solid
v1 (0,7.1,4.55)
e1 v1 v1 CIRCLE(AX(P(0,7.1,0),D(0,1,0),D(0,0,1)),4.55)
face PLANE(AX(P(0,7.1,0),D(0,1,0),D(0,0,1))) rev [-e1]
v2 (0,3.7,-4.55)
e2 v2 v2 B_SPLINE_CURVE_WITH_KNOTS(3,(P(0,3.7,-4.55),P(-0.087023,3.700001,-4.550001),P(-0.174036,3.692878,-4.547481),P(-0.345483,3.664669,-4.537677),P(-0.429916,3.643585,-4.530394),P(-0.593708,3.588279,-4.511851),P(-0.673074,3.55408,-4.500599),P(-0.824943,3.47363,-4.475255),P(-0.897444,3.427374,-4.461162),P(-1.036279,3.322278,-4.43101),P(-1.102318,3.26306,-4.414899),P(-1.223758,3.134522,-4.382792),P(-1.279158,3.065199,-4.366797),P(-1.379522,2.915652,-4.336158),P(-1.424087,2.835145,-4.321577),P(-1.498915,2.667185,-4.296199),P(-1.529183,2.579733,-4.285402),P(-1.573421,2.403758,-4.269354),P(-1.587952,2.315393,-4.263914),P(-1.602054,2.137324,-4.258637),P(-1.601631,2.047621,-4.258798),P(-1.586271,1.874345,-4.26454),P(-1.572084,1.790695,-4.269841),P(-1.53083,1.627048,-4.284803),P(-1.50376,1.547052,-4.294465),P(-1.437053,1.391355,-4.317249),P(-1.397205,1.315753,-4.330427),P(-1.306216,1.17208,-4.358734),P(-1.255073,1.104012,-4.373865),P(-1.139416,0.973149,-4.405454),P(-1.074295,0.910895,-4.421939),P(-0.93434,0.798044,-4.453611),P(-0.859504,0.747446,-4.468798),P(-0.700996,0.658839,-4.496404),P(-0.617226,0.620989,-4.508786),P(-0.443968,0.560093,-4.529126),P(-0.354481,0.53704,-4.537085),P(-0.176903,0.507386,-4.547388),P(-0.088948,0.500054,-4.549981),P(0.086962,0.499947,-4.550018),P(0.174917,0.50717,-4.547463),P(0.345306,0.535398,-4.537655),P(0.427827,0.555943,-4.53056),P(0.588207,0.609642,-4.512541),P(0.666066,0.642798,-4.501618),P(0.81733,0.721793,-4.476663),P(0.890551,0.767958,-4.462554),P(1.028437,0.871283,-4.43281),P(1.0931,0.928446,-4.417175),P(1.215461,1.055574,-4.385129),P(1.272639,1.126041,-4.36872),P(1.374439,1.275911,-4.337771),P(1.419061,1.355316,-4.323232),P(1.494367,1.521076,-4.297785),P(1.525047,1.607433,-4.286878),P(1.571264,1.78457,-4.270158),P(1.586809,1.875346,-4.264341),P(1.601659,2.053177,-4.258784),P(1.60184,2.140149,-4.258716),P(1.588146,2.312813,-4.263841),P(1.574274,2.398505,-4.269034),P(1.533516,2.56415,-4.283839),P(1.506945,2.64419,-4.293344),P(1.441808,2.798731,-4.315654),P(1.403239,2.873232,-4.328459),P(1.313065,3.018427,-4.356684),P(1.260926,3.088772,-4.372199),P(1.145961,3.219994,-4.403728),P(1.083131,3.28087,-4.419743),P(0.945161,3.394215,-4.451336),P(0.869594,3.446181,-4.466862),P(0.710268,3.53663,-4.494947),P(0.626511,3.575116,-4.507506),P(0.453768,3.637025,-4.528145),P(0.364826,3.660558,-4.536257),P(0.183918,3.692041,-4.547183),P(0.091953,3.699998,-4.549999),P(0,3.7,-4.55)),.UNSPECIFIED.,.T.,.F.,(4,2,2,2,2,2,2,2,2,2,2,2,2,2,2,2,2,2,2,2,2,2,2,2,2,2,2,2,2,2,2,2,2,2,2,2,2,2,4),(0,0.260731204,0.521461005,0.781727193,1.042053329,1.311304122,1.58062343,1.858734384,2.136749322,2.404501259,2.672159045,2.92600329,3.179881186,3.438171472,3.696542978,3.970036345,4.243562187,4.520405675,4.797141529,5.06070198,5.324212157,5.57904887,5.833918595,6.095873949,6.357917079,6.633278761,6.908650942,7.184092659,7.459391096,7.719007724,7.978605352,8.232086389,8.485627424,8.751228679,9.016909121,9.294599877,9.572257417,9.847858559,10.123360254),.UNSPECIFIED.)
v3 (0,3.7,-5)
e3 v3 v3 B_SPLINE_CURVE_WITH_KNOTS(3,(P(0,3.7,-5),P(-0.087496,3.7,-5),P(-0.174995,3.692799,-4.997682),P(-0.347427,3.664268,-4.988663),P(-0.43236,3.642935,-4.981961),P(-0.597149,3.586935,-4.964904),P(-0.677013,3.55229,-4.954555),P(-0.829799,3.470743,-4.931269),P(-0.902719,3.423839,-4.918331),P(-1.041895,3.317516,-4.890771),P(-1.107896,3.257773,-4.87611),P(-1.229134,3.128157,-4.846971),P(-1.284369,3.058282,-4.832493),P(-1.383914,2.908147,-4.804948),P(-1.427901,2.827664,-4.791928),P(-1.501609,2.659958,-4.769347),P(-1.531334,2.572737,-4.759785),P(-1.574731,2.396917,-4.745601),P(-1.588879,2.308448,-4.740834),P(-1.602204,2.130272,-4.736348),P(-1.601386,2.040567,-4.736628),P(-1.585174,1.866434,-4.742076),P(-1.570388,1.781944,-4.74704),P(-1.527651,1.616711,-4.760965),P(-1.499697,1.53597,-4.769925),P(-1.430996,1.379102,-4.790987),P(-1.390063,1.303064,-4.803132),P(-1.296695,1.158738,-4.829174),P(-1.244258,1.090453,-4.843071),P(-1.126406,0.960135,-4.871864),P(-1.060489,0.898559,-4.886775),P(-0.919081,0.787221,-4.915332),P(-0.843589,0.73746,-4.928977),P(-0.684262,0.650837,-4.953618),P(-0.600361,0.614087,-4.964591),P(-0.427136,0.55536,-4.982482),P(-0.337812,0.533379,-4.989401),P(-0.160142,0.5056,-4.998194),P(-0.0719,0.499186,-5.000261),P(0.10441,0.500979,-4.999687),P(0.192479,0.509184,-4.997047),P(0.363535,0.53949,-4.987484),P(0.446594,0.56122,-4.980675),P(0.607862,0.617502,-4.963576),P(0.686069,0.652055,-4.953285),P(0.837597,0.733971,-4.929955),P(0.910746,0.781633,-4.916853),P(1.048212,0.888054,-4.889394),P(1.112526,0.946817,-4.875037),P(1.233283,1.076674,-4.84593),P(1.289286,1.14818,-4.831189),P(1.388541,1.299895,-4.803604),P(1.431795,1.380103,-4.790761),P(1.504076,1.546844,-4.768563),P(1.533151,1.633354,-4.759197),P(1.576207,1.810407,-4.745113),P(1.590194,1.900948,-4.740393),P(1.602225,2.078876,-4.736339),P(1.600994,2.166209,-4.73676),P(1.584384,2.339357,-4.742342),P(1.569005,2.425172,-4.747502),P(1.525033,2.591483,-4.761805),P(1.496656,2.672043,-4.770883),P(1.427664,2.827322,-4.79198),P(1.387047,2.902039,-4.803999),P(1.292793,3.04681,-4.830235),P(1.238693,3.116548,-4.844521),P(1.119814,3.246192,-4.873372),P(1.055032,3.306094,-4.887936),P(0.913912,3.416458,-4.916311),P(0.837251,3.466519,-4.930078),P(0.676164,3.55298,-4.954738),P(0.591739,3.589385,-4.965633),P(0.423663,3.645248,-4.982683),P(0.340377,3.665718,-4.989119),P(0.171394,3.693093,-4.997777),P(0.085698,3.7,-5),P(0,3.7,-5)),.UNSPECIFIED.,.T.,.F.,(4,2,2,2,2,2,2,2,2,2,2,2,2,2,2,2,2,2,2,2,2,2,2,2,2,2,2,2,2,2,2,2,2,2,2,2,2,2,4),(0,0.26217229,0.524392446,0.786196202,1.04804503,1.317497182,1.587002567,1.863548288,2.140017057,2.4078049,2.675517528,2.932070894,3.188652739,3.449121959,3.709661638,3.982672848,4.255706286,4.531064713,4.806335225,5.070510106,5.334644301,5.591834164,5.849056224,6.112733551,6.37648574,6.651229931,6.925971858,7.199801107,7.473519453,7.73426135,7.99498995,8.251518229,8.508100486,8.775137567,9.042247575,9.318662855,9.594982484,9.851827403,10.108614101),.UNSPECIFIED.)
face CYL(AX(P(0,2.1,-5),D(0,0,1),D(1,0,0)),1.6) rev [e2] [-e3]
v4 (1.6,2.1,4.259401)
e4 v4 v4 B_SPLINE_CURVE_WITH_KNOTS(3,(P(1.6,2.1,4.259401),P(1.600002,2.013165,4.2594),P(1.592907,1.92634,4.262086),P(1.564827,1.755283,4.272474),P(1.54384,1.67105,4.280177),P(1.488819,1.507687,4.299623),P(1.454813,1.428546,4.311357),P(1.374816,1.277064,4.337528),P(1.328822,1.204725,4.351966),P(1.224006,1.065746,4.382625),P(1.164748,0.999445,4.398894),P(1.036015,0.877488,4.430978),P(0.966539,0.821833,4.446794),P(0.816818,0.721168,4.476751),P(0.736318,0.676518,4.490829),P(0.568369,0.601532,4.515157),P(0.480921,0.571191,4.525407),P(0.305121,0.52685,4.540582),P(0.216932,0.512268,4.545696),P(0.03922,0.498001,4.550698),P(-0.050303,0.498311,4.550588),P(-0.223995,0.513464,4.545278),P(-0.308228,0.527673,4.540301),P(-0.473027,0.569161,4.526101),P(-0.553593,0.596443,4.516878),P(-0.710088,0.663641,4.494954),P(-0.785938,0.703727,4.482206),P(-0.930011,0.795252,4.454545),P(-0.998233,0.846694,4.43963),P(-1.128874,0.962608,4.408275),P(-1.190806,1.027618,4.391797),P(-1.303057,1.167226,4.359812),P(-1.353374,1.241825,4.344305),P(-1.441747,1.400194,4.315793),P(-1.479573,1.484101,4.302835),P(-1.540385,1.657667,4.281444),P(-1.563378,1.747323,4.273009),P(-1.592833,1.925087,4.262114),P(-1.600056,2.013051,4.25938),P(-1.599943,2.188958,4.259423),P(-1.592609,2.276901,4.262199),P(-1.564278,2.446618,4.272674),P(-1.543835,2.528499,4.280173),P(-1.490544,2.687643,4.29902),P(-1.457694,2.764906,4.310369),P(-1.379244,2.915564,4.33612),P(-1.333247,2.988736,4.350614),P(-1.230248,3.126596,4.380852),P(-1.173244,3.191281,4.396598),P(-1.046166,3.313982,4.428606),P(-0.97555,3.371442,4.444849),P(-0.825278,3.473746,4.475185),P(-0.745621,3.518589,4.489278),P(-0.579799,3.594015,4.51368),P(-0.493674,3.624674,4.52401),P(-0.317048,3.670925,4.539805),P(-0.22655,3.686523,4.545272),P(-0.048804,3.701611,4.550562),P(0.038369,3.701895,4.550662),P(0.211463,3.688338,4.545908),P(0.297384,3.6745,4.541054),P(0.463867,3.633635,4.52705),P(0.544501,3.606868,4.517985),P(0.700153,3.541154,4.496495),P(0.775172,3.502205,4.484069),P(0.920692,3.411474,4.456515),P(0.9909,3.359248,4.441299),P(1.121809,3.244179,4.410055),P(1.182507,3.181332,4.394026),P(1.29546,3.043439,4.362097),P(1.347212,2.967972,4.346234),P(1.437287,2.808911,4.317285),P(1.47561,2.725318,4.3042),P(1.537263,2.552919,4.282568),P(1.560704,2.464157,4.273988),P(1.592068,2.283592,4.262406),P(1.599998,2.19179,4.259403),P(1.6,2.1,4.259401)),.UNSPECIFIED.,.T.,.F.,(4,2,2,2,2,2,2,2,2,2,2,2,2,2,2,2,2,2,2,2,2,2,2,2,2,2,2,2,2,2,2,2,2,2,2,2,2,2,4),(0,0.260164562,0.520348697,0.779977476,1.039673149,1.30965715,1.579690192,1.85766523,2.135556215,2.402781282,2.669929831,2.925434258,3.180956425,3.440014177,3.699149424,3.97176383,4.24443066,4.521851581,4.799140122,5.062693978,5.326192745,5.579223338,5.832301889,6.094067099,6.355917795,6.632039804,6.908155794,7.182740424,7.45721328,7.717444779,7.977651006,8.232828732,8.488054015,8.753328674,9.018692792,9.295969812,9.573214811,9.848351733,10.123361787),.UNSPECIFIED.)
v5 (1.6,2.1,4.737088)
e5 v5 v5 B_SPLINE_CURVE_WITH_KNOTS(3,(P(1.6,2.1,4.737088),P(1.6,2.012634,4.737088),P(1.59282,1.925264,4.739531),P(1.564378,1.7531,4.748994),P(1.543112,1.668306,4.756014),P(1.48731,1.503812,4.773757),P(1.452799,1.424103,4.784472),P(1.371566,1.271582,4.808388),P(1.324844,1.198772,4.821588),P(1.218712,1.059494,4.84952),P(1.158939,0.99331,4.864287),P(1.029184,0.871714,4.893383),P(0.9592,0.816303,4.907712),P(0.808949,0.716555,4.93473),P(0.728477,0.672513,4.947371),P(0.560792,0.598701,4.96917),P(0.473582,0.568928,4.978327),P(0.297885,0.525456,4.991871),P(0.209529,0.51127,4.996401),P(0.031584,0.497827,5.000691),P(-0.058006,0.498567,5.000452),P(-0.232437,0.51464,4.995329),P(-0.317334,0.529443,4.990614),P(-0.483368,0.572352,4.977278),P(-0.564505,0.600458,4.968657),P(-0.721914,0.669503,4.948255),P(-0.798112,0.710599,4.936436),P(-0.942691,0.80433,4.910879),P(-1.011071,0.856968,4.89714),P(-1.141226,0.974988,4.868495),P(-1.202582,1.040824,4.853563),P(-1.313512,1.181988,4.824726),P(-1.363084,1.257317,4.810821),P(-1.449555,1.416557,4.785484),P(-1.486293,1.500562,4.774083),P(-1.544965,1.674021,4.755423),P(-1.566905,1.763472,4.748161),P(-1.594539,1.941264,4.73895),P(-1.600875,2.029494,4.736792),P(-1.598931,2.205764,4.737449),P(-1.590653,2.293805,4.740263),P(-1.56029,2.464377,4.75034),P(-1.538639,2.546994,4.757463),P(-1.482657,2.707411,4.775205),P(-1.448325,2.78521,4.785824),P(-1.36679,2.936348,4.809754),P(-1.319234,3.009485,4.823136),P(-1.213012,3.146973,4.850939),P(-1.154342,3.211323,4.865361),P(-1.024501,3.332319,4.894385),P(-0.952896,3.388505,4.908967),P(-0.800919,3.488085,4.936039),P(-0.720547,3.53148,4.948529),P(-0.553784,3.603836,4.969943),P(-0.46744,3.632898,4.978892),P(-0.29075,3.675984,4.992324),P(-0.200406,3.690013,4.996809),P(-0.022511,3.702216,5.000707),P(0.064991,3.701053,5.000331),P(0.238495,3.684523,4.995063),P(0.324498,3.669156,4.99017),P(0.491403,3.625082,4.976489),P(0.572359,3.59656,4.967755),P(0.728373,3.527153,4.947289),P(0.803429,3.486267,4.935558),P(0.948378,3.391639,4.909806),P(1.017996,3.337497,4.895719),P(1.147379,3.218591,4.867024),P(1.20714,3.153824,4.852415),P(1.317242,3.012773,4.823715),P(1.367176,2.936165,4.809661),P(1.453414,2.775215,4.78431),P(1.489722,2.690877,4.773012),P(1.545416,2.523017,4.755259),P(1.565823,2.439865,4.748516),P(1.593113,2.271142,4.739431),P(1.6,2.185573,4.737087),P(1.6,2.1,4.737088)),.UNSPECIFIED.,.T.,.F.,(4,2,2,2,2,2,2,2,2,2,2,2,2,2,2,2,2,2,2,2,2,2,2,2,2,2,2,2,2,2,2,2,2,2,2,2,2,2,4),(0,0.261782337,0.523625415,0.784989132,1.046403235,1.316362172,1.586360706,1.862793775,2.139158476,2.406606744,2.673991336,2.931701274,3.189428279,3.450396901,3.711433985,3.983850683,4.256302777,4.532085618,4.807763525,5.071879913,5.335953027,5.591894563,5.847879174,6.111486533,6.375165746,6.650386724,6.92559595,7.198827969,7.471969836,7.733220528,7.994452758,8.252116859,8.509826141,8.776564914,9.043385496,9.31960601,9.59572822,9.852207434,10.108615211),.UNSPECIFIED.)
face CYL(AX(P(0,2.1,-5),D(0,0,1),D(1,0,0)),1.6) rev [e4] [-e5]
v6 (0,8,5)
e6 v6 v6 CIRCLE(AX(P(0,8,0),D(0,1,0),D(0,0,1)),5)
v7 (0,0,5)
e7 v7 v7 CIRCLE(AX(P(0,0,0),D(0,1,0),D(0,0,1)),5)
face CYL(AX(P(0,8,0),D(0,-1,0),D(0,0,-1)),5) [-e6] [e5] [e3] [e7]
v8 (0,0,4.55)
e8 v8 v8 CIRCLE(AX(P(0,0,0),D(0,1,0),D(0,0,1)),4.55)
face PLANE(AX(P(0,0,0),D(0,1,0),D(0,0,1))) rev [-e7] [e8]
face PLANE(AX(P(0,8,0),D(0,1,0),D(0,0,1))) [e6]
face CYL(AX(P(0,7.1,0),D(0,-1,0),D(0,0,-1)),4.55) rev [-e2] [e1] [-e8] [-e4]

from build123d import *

# Parameters (mm, degrees)
SKETCH2_R               = 5
BOSS_EXTRUDE1_DEPTH     = 8
SKETCH4_R               = 4.55
CUT_EXTRUDE1_DEPTH      = 7.1
CUT_EXTRUDE2_DEPTH      = 11.677078252
CUT_EXTRUDE2_DEPTH_BACK = 11.677078252
SKETCH11_R              = 1.6


with BuildPart() as part:
    # Sketch2 → Boss-Extrude1 (new body)
    with BuildSketch(Plane(origin=(0, 0, 0), x_dir=(1, 0, 0), z_dir=(0, 1, 0))):
        with Locations(Location((0, 0, 0), (0, 0, 270))):
            Circle(SKETCH2_R)
    extrude(amount=BOSS_EXTRUDE1_DEPTH)

    # Sketch4 → Cut-Extrude1 (cut)
    with BuildSketch(Plane(origin=(0, 0, 0), x_dir=(1, 0, 0), z_dir=(0, 1, 0))):
        with Locations(Location((0, 0, 0), (0, 0, 270))):
            Circle(SKETCH4_R)
    extrude(amount=CUT_EXTRUDE1_DEPTH, mode=Mode.SUBTRACT)

    # Sketch11 → Cut-Extrude2 (cut, two sides: drawn at the far end of the back side and taken through both)
    with BuildSketch(Plane.XY.offset(-CUT_EXTRUDE2_DEPTH_BACK)):
        with Locations((0, 2.1)):
            Circle(SKETCH11_R)
    extrude(amount=CUT_EXTRUDE2_DEPTH + CUT_EXTRUDE2_DEPTH_BACK, mode=Mode.SUBTRACT)


solid = part.part
